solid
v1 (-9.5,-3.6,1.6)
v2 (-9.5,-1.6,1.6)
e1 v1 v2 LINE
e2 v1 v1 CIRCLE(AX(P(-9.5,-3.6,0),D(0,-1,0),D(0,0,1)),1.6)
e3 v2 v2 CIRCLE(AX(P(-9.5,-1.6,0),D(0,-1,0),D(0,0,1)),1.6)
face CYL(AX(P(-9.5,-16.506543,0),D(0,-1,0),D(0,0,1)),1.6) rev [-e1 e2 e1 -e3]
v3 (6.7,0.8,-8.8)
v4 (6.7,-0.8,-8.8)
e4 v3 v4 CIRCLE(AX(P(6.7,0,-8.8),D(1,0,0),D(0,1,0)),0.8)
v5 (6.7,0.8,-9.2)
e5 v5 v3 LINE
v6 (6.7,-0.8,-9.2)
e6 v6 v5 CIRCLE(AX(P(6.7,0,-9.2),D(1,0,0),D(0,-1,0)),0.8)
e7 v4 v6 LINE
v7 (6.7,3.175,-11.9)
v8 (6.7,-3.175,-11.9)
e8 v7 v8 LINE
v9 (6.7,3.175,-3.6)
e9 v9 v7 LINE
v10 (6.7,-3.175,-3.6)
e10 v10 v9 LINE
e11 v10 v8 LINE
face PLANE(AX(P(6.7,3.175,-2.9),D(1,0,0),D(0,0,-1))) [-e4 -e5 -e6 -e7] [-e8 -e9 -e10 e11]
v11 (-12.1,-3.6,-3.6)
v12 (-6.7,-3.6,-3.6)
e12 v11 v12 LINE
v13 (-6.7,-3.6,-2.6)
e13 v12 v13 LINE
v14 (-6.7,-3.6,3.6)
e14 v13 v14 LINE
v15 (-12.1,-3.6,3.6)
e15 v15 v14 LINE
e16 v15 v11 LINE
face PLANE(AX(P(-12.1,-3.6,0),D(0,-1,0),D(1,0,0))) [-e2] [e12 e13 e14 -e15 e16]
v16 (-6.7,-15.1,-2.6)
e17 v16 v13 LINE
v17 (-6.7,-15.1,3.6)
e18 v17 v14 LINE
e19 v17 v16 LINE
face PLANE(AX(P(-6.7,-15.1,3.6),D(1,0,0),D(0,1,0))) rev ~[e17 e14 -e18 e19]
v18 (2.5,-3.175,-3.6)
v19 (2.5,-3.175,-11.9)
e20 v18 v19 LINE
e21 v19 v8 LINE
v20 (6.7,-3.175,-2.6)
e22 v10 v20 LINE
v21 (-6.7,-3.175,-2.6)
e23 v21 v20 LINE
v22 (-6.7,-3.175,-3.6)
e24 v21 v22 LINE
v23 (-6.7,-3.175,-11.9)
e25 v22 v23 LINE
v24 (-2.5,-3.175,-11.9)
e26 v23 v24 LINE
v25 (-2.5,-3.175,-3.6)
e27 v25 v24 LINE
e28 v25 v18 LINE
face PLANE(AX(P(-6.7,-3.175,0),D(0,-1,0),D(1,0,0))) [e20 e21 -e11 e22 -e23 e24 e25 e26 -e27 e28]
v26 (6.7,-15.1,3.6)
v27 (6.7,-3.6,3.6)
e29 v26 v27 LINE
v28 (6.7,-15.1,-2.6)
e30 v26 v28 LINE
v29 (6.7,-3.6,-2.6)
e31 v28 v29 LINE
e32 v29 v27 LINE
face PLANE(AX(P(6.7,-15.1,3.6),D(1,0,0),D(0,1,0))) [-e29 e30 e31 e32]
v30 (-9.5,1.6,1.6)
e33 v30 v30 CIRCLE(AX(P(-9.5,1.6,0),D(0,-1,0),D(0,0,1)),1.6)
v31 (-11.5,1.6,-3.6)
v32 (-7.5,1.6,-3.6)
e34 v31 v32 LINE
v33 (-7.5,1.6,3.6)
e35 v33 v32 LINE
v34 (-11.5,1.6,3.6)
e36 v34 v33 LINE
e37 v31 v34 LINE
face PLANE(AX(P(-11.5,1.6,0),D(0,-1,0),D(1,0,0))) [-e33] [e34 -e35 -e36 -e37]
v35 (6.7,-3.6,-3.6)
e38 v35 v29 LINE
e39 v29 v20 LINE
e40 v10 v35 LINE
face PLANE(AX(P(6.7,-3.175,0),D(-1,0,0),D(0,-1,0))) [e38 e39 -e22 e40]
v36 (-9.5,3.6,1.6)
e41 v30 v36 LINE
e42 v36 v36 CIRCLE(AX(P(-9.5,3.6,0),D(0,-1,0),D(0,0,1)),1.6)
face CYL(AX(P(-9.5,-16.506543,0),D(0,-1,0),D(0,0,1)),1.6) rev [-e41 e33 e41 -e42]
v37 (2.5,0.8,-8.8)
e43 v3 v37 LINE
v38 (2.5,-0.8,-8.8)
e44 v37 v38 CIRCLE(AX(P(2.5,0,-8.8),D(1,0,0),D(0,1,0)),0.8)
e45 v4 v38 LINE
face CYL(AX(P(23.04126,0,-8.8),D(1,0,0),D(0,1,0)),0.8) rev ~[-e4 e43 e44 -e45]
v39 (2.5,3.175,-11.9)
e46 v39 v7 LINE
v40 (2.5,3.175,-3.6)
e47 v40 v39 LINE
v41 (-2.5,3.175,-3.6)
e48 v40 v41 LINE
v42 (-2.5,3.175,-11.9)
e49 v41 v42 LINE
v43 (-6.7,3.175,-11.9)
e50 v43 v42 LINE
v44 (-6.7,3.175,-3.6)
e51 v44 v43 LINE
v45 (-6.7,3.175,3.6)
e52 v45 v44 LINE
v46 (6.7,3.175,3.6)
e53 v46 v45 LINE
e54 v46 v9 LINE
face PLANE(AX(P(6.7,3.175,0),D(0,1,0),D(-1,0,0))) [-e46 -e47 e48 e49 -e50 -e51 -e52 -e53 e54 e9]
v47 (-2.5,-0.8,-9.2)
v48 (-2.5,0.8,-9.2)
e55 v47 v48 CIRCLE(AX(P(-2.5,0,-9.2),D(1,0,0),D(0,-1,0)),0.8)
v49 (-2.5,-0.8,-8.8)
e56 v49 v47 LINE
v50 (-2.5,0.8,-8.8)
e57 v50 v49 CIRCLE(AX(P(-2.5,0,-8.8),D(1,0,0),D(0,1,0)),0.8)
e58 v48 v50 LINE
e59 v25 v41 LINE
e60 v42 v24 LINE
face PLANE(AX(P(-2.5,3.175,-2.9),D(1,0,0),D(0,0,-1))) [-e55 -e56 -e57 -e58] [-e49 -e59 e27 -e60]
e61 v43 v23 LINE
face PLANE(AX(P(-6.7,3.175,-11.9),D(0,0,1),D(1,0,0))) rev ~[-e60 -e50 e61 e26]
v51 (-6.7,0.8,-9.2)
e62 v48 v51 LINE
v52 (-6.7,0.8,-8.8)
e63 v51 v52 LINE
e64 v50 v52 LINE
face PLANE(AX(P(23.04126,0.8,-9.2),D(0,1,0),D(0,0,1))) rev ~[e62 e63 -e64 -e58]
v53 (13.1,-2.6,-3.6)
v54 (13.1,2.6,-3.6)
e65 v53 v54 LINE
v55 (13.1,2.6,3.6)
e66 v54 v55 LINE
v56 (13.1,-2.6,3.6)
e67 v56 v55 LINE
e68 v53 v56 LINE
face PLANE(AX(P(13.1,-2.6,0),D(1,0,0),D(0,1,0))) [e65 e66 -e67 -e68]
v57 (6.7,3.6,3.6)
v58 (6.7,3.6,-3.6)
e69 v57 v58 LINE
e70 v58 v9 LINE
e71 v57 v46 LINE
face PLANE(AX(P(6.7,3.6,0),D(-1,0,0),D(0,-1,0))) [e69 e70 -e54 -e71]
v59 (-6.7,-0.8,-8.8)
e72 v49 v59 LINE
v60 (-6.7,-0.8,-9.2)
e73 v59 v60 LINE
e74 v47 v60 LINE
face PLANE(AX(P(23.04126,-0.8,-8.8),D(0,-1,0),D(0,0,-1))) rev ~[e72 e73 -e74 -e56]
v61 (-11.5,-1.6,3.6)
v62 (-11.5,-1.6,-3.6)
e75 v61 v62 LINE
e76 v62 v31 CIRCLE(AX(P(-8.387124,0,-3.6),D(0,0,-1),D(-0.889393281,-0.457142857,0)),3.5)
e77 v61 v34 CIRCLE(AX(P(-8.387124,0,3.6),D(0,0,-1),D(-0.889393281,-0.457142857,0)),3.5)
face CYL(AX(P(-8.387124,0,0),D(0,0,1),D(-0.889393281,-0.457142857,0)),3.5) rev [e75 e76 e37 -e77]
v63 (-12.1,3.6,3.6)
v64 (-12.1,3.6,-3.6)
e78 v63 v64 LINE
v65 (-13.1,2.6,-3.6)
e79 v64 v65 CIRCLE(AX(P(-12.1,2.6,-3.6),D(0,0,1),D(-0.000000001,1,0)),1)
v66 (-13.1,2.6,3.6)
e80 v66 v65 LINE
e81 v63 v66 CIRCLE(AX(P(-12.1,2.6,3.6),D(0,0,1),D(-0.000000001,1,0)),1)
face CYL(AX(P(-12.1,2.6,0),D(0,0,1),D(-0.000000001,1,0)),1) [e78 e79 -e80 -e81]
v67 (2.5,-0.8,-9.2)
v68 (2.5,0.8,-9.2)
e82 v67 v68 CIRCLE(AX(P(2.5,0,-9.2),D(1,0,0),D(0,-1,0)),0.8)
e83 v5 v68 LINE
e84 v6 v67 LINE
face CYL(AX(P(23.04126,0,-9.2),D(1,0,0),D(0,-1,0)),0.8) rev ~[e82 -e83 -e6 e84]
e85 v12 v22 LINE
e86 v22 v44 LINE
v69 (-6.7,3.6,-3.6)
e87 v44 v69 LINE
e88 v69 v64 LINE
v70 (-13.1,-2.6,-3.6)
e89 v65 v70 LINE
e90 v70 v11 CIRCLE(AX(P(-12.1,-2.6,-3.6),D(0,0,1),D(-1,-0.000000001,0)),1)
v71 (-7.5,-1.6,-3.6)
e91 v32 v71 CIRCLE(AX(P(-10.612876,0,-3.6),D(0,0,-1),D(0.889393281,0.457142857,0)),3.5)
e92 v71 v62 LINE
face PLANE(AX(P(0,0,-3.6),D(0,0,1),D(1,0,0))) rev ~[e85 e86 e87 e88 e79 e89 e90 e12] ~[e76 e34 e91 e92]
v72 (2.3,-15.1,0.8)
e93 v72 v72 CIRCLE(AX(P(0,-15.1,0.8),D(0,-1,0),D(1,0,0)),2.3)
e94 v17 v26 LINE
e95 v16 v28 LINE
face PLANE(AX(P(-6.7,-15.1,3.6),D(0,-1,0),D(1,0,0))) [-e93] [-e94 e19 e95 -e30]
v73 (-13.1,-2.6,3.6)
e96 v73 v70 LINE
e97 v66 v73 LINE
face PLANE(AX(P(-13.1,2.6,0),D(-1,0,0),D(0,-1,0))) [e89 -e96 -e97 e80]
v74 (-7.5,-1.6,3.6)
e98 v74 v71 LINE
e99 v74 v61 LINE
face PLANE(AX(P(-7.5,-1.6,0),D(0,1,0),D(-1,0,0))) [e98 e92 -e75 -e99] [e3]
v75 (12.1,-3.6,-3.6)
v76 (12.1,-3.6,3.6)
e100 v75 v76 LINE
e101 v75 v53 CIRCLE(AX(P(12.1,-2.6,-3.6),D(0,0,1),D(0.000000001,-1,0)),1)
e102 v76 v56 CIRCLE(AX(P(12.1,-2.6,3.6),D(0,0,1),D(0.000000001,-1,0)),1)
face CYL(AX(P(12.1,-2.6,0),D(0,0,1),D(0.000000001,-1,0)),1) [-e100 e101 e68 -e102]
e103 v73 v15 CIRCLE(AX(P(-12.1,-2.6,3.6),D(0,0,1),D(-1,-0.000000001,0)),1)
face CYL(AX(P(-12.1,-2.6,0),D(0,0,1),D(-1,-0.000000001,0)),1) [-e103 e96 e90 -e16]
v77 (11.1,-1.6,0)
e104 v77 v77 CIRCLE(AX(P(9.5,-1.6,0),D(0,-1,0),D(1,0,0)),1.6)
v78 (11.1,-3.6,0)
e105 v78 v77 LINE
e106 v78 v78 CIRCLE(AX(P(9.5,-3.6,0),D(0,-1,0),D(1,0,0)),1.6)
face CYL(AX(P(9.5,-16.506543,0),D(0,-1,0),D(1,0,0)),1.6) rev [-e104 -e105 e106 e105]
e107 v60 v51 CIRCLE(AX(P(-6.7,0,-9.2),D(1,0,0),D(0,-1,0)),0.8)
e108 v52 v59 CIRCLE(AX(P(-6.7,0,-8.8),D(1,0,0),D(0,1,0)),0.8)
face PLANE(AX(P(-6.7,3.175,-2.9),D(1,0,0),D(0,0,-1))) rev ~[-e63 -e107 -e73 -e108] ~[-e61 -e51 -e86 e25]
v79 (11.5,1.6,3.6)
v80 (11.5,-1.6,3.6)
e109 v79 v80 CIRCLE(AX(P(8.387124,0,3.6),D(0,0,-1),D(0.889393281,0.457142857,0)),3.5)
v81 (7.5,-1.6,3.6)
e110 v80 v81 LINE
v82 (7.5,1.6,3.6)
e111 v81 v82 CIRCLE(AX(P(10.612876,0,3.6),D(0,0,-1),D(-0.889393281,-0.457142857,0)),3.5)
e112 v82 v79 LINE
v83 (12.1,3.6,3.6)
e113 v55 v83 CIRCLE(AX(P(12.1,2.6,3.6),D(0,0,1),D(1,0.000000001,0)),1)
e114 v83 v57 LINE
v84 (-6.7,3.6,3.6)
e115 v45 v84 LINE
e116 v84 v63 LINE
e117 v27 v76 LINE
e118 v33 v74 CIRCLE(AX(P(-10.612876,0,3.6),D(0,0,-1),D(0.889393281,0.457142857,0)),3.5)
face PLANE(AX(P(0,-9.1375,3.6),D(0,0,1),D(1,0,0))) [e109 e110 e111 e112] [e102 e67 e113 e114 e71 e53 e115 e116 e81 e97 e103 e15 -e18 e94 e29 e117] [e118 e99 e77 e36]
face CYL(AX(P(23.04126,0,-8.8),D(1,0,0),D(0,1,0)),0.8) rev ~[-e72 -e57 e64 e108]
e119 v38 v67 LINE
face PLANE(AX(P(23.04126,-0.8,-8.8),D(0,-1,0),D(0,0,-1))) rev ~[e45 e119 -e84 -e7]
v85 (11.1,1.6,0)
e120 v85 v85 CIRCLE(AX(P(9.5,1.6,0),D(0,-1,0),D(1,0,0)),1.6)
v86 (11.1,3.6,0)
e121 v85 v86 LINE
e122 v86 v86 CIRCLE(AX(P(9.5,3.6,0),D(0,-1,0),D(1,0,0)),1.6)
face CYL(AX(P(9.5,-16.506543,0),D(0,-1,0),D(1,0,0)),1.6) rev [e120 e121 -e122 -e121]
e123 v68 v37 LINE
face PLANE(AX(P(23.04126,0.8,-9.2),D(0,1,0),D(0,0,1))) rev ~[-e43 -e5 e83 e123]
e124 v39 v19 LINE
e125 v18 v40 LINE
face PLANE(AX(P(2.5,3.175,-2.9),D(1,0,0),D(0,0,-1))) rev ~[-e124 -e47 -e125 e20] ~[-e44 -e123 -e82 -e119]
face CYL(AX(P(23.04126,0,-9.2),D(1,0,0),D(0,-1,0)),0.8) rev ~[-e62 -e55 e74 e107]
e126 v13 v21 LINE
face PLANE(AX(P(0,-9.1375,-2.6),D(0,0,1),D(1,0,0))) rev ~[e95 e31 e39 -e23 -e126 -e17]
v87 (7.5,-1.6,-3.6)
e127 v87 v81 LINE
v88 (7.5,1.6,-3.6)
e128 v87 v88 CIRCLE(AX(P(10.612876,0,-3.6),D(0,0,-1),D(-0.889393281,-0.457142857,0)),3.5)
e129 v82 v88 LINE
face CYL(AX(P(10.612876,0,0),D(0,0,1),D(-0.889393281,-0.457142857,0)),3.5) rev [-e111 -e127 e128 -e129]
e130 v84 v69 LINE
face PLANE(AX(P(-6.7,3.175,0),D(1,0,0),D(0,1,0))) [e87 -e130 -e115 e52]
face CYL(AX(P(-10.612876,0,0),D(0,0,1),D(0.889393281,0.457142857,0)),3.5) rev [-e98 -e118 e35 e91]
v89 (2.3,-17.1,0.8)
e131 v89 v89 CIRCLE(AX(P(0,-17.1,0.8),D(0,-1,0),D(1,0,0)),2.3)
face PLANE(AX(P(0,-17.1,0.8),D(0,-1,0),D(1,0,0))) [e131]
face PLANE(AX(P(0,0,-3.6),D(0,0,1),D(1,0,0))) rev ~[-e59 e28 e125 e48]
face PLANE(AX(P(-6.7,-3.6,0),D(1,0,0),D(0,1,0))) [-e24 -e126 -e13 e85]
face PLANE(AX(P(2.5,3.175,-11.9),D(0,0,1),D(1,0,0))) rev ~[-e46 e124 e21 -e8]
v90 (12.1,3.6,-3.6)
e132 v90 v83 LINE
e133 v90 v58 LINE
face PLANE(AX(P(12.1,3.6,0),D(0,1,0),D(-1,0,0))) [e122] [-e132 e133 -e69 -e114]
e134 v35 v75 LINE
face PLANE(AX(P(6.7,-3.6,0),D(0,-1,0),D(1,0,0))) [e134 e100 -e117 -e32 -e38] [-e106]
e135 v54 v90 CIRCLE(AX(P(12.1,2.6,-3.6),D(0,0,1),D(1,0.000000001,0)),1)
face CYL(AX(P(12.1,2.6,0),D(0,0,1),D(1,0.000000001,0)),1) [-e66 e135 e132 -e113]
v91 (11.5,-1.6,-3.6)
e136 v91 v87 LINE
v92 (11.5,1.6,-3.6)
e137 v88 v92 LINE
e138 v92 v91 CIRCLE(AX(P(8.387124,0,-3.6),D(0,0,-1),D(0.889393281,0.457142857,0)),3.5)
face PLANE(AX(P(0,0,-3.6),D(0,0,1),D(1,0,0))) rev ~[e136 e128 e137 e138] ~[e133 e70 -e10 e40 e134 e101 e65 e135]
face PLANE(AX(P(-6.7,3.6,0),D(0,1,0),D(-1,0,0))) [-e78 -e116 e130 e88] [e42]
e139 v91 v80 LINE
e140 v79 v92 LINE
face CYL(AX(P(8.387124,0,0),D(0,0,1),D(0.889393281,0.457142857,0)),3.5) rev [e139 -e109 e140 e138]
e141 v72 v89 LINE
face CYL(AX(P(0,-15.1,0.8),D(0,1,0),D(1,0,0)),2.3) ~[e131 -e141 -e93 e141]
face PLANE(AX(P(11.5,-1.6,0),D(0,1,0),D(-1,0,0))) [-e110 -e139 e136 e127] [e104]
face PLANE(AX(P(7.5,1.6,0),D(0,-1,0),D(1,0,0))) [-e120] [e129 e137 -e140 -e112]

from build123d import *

# Parameters (mm, degrees)
EXTRUDE_1_DEPTH          = 3.6
EXTRUDE_START            = -0.425
SKETCH_2_W               = 4.2
SKETCH_2_H               = 9
EXTRUDE_2_DEPTH          = 6.35
CUT_EXTRUDE_1_DEPTH      = 20.106543382
CUT_EXTRUDE_1_DEPTH_BACK = 20.106543382
SKETCH_2_3_R             = 1.6
SKETCH_5_W               = 13.4
SKETCH_5_H               = 11.925
EXTRUDE_3_DEPTH          = 6.2
SKETCH_6_R               = 2.3
EXTRUDE_4_DEPTH          = 2
CUT_EXTRUDE_2_DEPTH      = 29.741259541
CUT_EXTRUDE_2_DEPTH_BACK = 29.741259541


with BuildPart() as part:
    # 草图1 → 凸台-拉伸1 (new, symmetric)
    with BuildSketch(Plane.XY):
        with BuildLine():
            Line((-12.1, -3.6), (-6.7, -3.6))
            Line((-6.7, -3.6), (-6.7, -3.175))
            Line((-6.7, -3.175), (6.7, -3.175))
            Line((6.7, -3.175), (6.7, -3.6))
            Line((6.7, -3.6), (12.1, -3.6))
            ThreePointArc((12.1, -3.6), (12.807106781, -3.307106781), (13.1, -2.6))
            Line((13.1, -2.6), (13.1, 2.6))
            ThreePointArc((13.1, 2.6), (12.807106781, 3.307106781), (12.1, 3.6))
            Line((12.1, 3.6), (6.7, 3.6))
            Line((6.7, 3.6), (6.7, 3.175))
            Line((6.7, 3.175), (-6.7, 3.175))
            Line((-6.7, 3.175), (-6.7, 3.6))
            Line((-6.7, 3.6), (-12.1, 3.6))
            ThreePointArc((-12.1, 3.6), (-12.807106781, 3.307106781), (-13.1, 2.6))
            Line((-13.1, 2.6), (-13.1, -2.6))
            ThreePointArc((-13.1, -2.6), (-12.807106781, -3.307106781), (-12.1, -3.6))
        make_face()
        with BuildLine():
            Line((11.5, -1.6), (7.5, -1.6))
            ThreePointArc((7.5, -1.6), (7.112876483, 0), (7.5, 1.6))
            Line((7.5, 1.6), (11.5, 1.6))
            ThreePointArc((11.5, 1.6), (11.887123517, 0), (11.5, -1.6))
        make_face(mode=Mode.SUBTRACT)
        with BuildLine():
            Line((-11.5, 1.6), (-7.5, 1.6))
            ThreePointArc((-7.5, 1.6), (-7.112876483, 0), (-7.5, -1.6))
            Line((-7.5, -1.6), (-11.5, -1.6))
            ThreePointArc((-11.5, -1.6), (-11.887123517, 0), (-11.5, 1.6))
        make_face(mode=Mode.SUBTRACT)
    extrude(amount=EXTRUDE_1_DEPTH, both=True)

    # 草图2 → 凸台-拉伸2 (add)
    with BuildSketch(Plane(origin=(0, 3.6, 0), x_dir=(1, 0, 0), z_dir=(0, 1, 0)).offset(EXTRUDE_START)):
        with Locations((4.6, 7.4)):
            Rectangle(SKETCH_2_W, SKETCH_2_H)
        with Locations((-4.6, 7.4)):
            Rectangle(SKETCH_2_W, SKETCH_2_H)
    extrude(amount=-EXTRUDE_2_DEPTH)

    # 草图2<3> → 切除-拉伸1 (cut, two sides: drawn at the far end of the back side and taken through both)
    with BuildSketch(Plane(origin=(0, 3.6, 0), x_dir=(1, 0, 0), z_dir=(0, 1, 0)).offset(-CUT_EXTRUDE_1_DEPTH_BACK)):
        with Locations((-9.5, 0)):
            Circle(SKETCH_2_3_R)
        with Locations((9.5, 0)):
            Circle(SKETCH_2_3_R)
    extrude(amount=CUT_EXTRUDE_1_DEPTH + CUT_EXTRUDE_1_DEPTH_BACK, mode=Mode.SUBTRACT)

    # 草图5 → 凸台-拉伸3 (add)
    with BuildSketch(Plane.XY.offset(3.6)):
        with Locations((0, -9.1375)):
            Rectangle(SKETCH_5_W, SKETCH_5_H)
    extrude(amount=-EXTRUDE_3_DEPTH)

    # 草图6 → 凸台-拉伸4 (add)
    with BuildSketch(Plane.XZ.offset(15.1)):
        with Locations((0, 0.8)):
            Circle(SKETCH_6_R)
    extrude(amount=EXTRUDE_4_DEPTH)

    # 草图7 → 切除-拉伸2 (cut, two sides: drawn at the far end of the back side and taken through both)
    with BuildSketch(Plane.ZY.offset(6.7).offset(-CUT_EXTRUDE_2_DEPTH_BACK)):
        with BuildLine():
            Line((-8.8, -0.8), (-9.2, -0.8))
            ThreePointArc((-9.2, -0.8), (-10, 0), (-9.2, 0.8))
            Line((-9.2, 0.8), (-8.8, 0.8))
            ThreePointArc((-8.8, 0.8), (-8, 0), (-8.8, -0.8))
        make_face()
    extrude(amount=CUT_EXTRUDE_2_DEPTH + CUT_EXTRUDE_2_DEPTH_BACK, mode=Mode.SUBTRACT)


solid = part.part
